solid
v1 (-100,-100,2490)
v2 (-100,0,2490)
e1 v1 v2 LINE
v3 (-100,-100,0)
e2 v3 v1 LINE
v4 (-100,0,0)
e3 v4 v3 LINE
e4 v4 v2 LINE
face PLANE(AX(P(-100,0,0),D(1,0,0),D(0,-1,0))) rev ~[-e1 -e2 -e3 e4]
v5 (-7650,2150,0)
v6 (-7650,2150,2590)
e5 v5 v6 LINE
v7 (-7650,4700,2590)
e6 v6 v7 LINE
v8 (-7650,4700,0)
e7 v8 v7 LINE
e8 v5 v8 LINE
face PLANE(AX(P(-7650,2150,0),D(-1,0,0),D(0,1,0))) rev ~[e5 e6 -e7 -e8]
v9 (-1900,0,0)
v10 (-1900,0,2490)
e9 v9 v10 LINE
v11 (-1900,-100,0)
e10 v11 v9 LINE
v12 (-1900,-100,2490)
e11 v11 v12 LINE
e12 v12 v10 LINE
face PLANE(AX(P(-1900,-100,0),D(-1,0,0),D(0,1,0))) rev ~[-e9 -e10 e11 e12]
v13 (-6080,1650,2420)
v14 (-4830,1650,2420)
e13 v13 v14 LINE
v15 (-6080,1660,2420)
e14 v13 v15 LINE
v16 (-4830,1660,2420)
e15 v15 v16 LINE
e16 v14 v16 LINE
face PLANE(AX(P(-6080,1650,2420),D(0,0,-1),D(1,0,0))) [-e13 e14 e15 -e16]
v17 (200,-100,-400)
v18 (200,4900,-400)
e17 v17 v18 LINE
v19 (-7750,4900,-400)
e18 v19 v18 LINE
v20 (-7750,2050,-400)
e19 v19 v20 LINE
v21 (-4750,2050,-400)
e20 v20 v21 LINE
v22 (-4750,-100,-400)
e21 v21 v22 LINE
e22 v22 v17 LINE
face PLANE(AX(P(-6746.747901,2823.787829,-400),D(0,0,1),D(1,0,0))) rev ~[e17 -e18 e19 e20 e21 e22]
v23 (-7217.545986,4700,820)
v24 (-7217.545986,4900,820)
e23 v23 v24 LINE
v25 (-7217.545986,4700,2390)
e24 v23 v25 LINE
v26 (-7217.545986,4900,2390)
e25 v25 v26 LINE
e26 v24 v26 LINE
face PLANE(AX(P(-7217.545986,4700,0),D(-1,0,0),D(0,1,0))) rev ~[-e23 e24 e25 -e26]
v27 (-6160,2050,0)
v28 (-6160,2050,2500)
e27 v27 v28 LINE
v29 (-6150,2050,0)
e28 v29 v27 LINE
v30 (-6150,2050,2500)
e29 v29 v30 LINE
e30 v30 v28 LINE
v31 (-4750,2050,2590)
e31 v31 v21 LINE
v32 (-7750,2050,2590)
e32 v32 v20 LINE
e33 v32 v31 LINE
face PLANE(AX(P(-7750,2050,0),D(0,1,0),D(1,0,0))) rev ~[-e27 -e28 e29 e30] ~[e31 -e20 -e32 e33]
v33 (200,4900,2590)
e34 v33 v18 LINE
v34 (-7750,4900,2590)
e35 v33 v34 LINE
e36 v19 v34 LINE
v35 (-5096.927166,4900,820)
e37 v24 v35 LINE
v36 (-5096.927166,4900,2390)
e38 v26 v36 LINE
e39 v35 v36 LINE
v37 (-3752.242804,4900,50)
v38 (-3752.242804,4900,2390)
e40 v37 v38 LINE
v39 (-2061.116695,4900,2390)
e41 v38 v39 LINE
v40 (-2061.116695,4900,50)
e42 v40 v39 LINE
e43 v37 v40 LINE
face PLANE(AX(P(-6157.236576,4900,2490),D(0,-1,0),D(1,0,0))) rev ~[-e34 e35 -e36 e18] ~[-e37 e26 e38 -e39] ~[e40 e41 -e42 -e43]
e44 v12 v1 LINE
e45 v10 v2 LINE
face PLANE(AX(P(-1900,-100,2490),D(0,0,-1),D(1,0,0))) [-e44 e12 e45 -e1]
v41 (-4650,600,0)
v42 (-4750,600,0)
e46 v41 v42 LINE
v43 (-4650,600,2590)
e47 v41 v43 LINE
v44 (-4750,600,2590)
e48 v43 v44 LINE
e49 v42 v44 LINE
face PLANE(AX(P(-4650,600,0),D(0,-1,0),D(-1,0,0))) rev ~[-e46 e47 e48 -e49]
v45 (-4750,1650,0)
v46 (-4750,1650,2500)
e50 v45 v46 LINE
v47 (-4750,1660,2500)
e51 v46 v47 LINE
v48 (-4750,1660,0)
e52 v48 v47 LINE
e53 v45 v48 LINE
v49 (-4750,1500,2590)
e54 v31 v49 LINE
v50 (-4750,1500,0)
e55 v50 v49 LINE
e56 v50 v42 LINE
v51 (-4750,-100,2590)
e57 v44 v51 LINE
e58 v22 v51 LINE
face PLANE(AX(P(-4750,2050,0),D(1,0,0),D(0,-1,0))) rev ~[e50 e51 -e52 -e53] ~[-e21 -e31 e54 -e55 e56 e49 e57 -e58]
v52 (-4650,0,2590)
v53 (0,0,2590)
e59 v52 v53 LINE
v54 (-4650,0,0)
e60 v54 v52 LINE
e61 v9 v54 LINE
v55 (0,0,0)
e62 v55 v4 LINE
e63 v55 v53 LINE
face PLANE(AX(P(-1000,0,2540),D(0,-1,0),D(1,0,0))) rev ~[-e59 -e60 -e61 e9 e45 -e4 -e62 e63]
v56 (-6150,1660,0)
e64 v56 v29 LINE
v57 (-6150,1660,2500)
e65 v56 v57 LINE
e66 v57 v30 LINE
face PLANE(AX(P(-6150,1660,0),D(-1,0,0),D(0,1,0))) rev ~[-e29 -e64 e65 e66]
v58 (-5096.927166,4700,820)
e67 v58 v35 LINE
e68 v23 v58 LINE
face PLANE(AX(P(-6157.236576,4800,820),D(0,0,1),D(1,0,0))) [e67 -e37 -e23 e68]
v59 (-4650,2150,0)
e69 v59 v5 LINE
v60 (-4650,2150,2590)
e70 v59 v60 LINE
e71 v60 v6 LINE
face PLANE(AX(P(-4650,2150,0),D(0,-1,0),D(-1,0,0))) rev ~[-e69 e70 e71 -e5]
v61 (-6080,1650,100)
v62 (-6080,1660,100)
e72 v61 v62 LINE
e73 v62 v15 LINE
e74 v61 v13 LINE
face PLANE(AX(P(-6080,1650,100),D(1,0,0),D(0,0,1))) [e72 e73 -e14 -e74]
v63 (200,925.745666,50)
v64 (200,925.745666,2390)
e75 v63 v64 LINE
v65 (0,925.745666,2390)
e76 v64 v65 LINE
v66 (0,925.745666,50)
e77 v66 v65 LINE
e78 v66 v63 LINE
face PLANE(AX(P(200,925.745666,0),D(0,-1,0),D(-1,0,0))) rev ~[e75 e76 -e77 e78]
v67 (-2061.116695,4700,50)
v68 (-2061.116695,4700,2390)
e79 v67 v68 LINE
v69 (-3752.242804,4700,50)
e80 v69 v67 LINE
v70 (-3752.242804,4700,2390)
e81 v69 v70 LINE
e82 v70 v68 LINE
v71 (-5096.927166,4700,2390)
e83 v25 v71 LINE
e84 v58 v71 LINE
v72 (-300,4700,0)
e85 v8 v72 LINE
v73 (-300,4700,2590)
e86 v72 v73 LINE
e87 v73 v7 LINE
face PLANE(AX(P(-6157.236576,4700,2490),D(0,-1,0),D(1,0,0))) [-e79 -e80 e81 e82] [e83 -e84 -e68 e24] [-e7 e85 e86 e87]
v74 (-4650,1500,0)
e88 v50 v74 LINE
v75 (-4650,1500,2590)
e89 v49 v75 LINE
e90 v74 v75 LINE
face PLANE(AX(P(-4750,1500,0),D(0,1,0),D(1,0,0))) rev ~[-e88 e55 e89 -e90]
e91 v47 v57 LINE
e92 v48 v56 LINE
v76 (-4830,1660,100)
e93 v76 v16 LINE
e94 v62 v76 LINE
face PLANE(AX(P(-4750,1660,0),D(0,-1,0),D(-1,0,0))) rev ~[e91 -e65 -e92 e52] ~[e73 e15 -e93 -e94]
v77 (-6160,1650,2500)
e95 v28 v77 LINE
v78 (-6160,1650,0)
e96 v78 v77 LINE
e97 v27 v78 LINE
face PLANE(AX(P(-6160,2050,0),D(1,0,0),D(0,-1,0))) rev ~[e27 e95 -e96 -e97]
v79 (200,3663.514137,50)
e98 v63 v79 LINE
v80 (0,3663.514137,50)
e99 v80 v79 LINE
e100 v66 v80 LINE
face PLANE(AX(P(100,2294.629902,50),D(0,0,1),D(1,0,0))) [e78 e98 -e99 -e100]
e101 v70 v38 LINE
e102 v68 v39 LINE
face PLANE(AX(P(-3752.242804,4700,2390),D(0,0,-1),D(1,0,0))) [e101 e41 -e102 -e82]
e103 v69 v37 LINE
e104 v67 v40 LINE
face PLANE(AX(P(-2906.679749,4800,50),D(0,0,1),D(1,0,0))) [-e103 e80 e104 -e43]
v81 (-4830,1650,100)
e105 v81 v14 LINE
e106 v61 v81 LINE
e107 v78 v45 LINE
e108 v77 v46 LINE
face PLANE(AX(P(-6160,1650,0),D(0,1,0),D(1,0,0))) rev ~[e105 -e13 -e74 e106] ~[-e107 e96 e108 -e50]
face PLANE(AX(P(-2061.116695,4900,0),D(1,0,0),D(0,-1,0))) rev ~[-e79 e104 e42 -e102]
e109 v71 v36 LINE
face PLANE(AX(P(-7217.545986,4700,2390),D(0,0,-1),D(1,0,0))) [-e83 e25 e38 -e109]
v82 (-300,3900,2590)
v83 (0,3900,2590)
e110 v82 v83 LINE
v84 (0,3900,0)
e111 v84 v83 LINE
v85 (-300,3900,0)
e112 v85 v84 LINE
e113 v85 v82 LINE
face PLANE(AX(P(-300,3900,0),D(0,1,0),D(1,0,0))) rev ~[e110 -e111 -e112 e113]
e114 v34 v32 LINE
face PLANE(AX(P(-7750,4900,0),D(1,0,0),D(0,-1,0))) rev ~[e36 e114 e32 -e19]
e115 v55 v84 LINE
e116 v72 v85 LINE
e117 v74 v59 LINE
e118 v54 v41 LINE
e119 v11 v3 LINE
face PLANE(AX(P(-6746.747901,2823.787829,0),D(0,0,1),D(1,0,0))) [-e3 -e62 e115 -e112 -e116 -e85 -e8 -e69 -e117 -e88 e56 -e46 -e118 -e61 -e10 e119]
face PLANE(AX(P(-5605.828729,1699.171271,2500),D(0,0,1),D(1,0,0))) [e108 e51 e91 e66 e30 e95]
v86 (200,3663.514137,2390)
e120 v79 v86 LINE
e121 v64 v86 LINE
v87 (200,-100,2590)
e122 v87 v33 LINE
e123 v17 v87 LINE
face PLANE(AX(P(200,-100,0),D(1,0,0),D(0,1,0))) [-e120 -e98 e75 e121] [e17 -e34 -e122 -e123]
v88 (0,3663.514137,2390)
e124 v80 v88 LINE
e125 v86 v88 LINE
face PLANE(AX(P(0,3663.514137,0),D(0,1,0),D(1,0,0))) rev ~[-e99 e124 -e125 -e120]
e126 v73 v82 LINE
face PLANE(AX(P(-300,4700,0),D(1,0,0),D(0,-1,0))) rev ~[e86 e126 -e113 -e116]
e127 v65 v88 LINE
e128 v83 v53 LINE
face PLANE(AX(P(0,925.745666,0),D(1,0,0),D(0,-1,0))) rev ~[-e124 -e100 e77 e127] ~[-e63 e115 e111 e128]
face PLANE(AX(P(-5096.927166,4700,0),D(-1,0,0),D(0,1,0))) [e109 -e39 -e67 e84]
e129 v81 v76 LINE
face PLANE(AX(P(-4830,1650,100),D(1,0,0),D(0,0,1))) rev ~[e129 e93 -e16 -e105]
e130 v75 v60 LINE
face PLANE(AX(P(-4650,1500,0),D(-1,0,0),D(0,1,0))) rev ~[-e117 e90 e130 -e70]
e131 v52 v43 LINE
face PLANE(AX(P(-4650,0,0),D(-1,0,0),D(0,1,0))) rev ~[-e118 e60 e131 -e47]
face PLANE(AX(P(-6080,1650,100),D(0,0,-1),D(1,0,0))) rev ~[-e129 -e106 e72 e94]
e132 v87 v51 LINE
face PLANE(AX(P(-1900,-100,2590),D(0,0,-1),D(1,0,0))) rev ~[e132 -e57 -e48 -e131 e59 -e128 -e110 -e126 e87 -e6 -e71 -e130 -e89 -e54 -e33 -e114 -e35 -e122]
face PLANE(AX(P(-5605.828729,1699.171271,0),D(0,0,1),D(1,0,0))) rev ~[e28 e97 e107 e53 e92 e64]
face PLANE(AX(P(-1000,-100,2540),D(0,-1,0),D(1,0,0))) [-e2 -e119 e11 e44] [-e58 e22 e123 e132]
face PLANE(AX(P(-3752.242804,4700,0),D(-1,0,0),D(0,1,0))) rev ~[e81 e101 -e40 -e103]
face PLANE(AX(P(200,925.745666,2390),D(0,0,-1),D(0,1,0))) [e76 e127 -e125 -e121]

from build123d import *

# Parameters (mm, degrees)
F0_W      = 100
F0_H      = 900
F0_W_2    = 1691.1261081696
F0_H_2    = 200
F0_W_3    = 2120.6188201904
F0_W_4    = 1344.6843624115
F0_W_5    = 200
F0_H_3    = 2737.768471241
F0_W_6    = 1800
F0_H_4    = 100
F1_DEPTH  = 400
F2_DEPTH  = 2590
F3_DEPTH  = 50
F4_DEPTH  = 820
F5_DEPTH  = 2500
F6_W      = 1250
F6_H      = 2320
F7_DEPTH  = 25
F8_W      = 2120.6188201904
F8_H      = 200
F8_W_2    = 1691.1261081696
F9_DEPTH  = 200
F10_W     = 1800
F10_H     = 100
F11_DEPTH = 100
F12_W     = 2737.768471241
F12_H     = 200
F13_DEPTH = 200


with BuildPart() as f1:
    # F0 (on Top) → F1 (new body)
    with BuildSketch(Plane.XY):
        Polygon((-4750, 1500), (-4650, 1500), (-4650, 2150), (-7650, 2150), (-7650, 4700), (-7217.5459861755, 4700), (-7217.5459861755, 4900), (-7750, 4900), (-7750, 2050), (-6160, 2050), (-6150, 2050), (-4750, 2050), (-4750, 1660), (-4750, 1650), align=None)
        Polygon((-100, 0), (0, 0), (0, 925.7456660271), (0, 3663.5141372681), (0, 3900), (-300, 3900), (-300, 4700), (-2061.1166954041, 4700), (-3752.2428035736, 4700), (-5096.9271659851, 4700), (-7217.5459861755, 4700), (-7650, 4700), (-7650, 2150), (-4650, 2150), (-4650, 1500), (-4650, 600), (-4650, 0), (-1900, 0), align=None)
        with Locations((-4700, 1050)):
            Rectangle(F0_W, F0_H)
        Polygon((-1900, -100), (-1900, 0), (-4650, 0), (-4650, 600), (-4750, 600), (-4750, -100), align=None)
        with Locations((-2906.6797494888, 4800)):
            Rectangle(F0_W_2, F0_H_2)
        Polygon((0, 3900), (0, 3663.5141372681), (200, 3663.5141372681), (200, 4900), (-2061.1166954041, 4900), (-2061.1166954041, 4700), (-300, 4700), (-300, 3900), align=None)
        with Locations((-6157.2365760803, 4800)):
            Rectangle(F0_W_3, F0_H_2)
        with Locations((-4424.5849847794, 4800)):
            Rectangle(F0_W_4, F0_H_2)
        with Locations((100, 2294.6299016476)):
            Rectangle(F0_W_5, F0_H_3)
        Polygon((0, 925.7456660271), (0, 0), (-100, 0), (-100, -100), (200, -100), (200, 925.7456660271), align=None)
        with Locations((-1000, -50)):
            Rectangle(F0_W_6, F0_H_4)
    extrude(amount=-F1_DEPTH)

    # F0 (on Top) → F2 (join)
    with BuildSketch(Plane.XY):
        Polygon((-4750, 1500), (-4650, 1500), (-4650, 2150), (-7650, 2150), (-7650, 4700), (-7217.5459861755, 4700), (-7217.5459861755, 4900), (-7750, 4900), (-7750, 2050), (-6160, 2050), (-6150, 2050), (-4750, 2050), (-4750, 1660), (-4750, 1650), align=None)
        with Locations((-4424.5849847794, 4800)):
            Rectangle(F0_W_4, F0_H_2)
        Polygon((0, 3900), (0, 3663.5141372681), (200, 3663.5141372681), (200, 4900), (-2061.1166954041, 4900), (-2061.1166954041, 4700), (-300, 4700), (-300, 3900), align=None)
        Polygon((0, 925.7456660271), (0, 0), (-100, 0), (-100, -100), (200, -100), (200, 925.7456660271), align=None)
        Polygon((-1900, -100), (-1900, 0), (-4650, 0), (-4650, 600), (-4750, 600), (-4750, -100), align=None)
    extrude(amount=F2_DEPTH)

    # F0 (on Top) → F3 (join)
    with BuildSketch(Plane.XY):
        with Locations((-2906.6797494888, 4800)):
            Rectangle(F0_W_2, F0_H_2)
        with Locations((100, 2294.6299016476)):
            Rectangle(F0_W_5, F0_H_3)
    extrude(amount=F3_DEPTH)

    # F0 (on Top) → F4 (join)
    with BuildSketch(Plane.XY):
        with Locations((-6157.2365760803, 4800)):
            Rectangle(F0_W_3, F0_H_2)
    extrude(amount=F4_DEPTH)

    # F0 (on Top) → F5 (join)
    with BuildSketch(Plane.XY):
        Polygon((-6160, 1650), (-4750, 1650), (-4750, 1660), (-6150, 1660), (-6150, 2050), (-6160, 2050), align=None)
    extrude(amount=F5_DEPTH)

    # F6 (on face) → F7 (cut)
    with BuildSketch(Plane.XZ.offset(-1650)):
        with Locations((-5455, 1260)):
            Rectangle(F6_W, F6_H)
    extrude(amount=-F7_DEPTH, mode=Mode.SUBTRACT)

    # F8 (on face) → F9 (join)
    with BuildSketch(Plane.XZ.offset(-4700)):
        with Locations((-6157.2365760803, 2490)):
            Rectangle(F8_W, F8_H)
        with Locations((-2906.6797494888, 2490)):
            Rectangle(F8_W_2, F8_H)
    extrude(amount=-F9_DEPTH)

    # F10 (on face) → F11 (join)
    with BuildSketch(Plane.XZ.offset(100)):
        with Locations((-1000, 2540)):
            Rectangle(F10_W, F10_H)
    extrude(amount=-F11_DEPTH)

    # F12 (on face) → F13 (join)
    with BuildSketch(Plane.YZ.offset(200)):
        Polygon((-100, -400), (4900, -400), (4900, 2590), (3663.5141372681, 2590), (3663.5141372681, 2390), (3663.5141372681, 50), (925.7456660271, 50), (925.7456660271, 2390), (925.7456660271, 2590), (-100, 2590), align=None)
        with Locations((2294.6299016476, 2490)):
            Rectangle(F12_W, F12_H)
    extrude(amount=-F13_DEPTH)


solid = f1.part
